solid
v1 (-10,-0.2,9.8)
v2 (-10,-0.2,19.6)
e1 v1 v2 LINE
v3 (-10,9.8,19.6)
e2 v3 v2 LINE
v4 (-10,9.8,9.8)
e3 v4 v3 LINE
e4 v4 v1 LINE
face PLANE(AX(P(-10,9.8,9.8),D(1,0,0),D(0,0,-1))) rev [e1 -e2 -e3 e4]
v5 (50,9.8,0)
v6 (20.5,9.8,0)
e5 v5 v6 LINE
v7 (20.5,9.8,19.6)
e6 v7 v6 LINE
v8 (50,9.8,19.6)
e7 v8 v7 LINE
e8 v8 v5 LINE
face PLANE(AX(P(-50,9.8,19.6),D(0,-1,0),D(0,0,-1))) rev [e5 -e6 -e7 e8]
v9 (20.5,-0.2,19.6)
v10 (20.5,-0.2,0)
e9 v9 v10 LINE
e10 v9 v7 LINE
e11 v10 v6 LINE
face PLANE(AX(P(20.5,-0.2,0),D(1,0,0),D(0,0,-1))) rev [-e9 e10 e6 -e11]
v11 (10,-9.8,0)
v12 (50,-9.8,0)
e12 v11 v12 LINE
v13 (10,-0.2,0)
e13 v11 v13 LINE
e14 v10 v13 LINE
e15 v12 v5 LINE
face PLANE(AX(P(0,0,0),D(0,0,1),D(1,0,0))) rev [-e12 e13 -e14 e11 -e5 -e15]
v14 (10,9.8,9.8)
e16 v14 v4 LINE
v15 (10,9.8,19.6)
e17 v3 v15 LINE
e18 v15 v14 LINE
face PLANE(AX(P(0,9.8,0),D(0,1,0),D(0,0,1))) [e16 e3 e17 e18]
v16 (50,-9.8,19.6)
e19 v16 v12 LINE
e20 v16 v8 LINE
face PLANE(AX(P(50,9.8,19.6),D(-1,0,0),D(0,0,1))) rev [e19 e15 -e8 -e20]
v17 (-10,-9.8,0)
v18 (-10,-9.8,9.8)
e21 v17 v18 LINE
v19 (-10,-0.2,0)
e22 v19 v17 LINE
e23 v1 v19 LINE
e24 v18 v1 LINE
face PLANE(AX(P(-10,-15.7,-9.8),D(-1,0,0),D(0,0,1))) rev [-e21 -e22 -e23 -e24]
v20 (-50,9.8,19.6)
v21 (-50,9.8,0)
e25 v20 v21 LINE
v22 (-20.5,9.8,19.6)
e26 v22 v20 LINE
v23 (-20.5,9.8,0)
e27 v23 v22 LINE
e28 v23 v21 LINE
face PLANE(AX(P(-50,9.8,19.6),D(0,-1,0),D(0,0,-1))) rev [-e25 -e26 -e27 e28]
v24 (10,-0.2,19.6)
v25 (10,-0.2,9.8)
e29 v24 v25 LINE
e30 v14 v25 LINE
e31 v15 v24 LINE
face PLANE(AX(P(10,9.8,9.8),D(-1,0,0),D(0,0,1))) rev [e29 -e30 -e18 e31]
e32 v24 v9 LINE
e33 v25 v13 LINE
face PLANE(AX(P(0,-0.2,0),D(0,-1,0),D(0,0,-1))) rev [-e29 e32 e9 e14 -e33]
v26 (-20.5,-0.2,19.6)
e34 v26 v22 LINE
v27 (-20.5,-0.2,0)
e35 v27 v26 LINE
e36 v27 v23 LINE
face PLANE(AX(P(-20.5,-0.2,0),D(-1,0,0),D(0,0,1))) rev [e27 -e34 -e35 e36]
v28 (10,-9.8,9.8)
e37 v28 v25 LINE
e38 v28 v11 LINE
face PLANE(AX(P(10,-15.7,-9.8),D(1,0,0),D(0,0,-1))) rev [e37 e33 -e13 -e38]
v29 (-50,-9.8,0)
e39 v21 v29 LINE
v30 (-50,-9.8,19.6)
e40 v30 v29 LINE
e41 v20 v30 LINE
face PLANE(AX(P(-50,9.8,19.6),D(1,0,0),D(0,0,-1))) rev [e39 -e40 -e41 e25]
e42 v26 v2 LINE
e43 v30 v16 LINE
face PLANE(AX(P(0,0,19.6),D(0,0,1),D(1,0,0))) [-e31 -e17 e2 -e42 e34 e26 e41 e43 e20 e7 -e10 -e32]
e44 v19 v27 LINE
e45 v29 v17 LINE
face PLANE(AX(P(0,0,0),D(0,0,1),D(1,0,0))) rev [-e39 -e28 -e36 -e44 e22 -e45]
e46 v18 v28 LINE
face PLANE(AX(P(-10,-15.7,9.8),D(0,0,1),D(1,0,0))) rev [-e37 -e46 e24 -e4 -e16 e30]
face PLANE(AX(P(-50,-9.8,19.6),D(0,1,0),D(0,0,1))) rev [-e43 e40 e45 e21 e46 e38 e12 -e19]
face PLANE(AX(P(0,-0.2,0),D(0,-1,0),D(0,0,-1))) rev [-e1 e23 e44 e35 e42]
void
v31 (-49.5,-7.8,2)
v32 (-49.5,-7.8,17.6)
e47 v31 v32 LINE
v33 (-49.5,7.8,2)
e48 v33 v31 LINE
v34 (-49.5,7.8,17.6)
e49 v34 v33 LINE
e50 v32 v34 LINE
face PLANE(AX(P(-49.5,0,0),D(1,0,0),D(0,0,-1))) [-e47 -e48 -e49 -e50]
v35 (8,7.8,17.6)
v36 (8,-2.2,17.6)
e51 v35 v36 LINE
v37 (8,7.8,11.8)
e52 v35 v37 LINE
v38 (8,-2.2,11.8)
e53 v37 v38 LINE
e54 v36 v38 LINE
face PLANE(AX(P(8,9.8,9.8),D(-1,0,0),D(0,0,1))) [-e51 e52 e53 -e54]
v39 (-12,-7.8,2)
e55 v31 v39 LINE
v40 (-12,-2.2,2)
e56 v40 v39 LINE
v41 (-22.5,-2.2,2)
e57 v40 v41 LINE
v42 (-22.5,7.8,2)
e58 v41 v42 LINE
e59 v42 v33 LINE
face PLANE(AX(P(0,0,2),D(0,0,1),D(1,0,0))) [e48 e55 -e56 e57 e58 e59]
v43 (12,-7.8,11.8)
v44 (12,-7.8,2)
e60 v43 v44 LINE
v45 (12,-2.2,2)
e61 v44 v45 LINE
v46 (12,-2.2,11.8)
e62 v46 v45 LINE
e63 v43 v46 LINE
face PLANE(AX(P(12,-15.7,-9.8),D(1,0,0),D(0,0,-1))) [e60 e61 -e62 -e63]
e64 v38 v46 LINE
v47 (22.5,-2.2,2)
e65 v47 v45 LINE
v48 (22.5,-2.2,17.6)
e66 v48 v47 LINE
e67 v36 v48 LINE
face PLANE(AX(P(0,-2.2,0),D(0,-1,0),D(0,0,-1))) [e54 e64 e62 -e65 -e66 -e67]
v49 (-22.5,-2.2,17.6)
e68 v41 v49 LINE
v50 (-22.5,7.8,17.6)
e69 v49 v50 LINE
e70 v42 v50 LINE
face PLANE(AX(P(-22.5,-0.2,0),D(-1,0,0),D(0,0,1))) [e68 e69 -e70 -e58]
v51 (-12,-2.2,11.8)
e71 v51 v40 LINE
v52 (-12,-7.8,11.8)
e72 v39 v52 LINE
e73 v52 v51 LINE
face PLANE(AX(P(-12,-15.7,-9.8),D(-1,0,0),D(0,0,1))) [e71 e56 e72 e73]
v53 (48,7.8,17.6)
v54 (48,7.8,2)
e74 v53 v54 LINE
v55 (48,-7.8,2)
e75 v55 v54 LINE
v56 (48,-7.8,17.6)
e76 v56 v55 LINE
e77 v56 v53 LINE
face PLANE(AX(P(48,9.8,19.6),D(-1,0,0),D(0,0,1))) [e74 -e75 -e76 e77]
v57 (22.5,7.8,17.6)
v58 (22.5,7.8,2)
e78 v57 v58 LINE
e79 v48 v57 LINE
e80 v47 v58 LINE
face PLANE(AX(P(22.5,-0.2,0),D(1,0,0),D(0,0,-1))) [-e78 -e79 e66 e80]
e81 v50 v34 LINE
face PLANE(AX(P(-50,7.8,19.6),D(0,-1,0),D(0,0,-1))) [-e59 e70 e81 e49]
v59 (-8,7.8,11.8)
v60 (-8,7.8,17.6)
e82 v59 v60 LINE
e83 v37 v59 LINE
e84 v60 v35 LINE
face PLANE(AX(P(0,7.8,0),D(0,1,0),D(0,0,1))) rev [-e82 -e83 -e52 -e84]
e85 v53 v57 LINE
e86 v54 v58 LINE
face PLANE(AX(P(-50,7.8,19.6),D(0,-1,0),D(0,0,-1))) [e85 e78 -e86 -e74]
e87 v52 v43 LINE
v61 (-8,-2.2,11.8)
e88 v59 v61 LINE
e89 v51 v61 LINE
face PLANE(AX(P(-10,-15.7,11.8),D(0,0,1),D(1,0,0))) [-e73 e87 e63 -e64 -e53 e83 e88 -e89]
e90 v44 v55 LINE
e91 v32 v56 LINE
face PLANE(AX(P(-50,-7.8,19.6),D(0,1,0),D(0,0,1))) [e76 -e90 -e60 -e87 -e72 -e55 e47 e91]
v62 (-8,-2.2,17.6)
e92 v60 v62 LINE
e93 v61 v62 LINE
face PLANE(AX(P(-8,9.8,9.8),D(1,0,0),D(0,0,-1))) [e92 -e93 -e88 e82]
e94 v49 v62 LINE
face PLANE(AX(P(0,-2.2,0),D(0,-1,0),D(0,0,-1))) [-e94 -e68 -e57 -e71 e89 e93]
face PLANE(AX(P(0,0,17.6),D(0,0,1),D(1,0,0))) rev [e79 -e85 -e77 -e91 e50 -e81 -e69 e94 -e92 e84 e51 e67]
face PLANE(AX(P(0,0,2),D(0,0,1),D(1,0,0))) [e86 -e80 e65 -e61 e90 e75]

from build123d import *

# Parameters (mm, degrees)
SKETCH_1_W          = 100
SKETCH_1_H          = 19.6
EXTRUDE_1_DEPTH     = 19.6
SKETCH_3_W          = 41
SKETCH_3_H          = 19.6
CUT_EXTRUDE_1_DEPTH = 10
SKETCH_6_W          = 20
SKETCH_6_H          = 19.6
CUT_EXTRUDE_2_DEPTH = 15.5
SKETCH_22_W         = 20
SKETCH_22_H         = 9.8
EXTRUDE_4_DEPTH     = 10
SHELL_3_T           = -2
SKETCH_23_W         = 15.6
SKETCH_23_H         = 15.6
EXTRUDE_5_DEPTH     = 0.5


with BuildPart() as part:
    # 草圖1 → 填料-伸長1 (new body)
    with BuildSketch(Plane.XY):
        Rectangle(SKETCH_1_W, SKETCH_1_H)
    extrude(amount=EXTRUDE_1_DEPTH)

    # 草圖3 → 除料-伸長1 (cut)
    with BuildSketch(Plane(origin=(0, 9.8, 0), x_dir=(1, 0, 0), z_dir=(0, 1, 0))):
        with Locations((0, -9.8)):
            Rectangle(SKETCH_3_W, SKETCH_3_H)
    extrude(amount=-CUT_EXTRUDE_1_DEPTH, mode=Mode.SUBTRACT)

    # 草圖6 → 除料-伸長2 (cut)
    with BuildSketch(Plane(origin=(0, -0.2, 0), x_dir=(1, 0, 0), z_dir=(0, 1, 0))):
        Rectangle(SKETCH_6_W, SKETCH_6_H)
    extrude(amount=-CUT_EXTRUDE_2_DEPTH, mode=Mode.SUBTRACT)

    # 草圖22 → 填料-伸長4 (add)
    with BuildSketch(Plane(origin=(0, -0.2, 0), x_dir=(1, 0, 0), z_dir=(0, 1, 0))):
        with Locations((0, -14.7)):
            Rectangle(SKETCH_22_W, SKETCH_22_H)
    extrude(amount=EXTRUDE_4_DEPTH)

    # 薄殼3
    shell_3_openings = [part.faces().sort_by_distance(p)[0] for p in [
        (-50, 0, 9.8),
    ]]
    offset(amount=SHELL_3_T, openings=shell_3_openings, kind=Kind.INTERSECTION)

    # 草圖23 → 填料-伸長5 (add)
    with BuildSketch(Plane.ZY.offset(50)):
        with Locations((9.8, 0)):
            Rectangle(SKETCH_23_W, SKETCH_23_H)
    extrude(amount=-EXTRUDE_5_DEPTH)


solid = part.part
